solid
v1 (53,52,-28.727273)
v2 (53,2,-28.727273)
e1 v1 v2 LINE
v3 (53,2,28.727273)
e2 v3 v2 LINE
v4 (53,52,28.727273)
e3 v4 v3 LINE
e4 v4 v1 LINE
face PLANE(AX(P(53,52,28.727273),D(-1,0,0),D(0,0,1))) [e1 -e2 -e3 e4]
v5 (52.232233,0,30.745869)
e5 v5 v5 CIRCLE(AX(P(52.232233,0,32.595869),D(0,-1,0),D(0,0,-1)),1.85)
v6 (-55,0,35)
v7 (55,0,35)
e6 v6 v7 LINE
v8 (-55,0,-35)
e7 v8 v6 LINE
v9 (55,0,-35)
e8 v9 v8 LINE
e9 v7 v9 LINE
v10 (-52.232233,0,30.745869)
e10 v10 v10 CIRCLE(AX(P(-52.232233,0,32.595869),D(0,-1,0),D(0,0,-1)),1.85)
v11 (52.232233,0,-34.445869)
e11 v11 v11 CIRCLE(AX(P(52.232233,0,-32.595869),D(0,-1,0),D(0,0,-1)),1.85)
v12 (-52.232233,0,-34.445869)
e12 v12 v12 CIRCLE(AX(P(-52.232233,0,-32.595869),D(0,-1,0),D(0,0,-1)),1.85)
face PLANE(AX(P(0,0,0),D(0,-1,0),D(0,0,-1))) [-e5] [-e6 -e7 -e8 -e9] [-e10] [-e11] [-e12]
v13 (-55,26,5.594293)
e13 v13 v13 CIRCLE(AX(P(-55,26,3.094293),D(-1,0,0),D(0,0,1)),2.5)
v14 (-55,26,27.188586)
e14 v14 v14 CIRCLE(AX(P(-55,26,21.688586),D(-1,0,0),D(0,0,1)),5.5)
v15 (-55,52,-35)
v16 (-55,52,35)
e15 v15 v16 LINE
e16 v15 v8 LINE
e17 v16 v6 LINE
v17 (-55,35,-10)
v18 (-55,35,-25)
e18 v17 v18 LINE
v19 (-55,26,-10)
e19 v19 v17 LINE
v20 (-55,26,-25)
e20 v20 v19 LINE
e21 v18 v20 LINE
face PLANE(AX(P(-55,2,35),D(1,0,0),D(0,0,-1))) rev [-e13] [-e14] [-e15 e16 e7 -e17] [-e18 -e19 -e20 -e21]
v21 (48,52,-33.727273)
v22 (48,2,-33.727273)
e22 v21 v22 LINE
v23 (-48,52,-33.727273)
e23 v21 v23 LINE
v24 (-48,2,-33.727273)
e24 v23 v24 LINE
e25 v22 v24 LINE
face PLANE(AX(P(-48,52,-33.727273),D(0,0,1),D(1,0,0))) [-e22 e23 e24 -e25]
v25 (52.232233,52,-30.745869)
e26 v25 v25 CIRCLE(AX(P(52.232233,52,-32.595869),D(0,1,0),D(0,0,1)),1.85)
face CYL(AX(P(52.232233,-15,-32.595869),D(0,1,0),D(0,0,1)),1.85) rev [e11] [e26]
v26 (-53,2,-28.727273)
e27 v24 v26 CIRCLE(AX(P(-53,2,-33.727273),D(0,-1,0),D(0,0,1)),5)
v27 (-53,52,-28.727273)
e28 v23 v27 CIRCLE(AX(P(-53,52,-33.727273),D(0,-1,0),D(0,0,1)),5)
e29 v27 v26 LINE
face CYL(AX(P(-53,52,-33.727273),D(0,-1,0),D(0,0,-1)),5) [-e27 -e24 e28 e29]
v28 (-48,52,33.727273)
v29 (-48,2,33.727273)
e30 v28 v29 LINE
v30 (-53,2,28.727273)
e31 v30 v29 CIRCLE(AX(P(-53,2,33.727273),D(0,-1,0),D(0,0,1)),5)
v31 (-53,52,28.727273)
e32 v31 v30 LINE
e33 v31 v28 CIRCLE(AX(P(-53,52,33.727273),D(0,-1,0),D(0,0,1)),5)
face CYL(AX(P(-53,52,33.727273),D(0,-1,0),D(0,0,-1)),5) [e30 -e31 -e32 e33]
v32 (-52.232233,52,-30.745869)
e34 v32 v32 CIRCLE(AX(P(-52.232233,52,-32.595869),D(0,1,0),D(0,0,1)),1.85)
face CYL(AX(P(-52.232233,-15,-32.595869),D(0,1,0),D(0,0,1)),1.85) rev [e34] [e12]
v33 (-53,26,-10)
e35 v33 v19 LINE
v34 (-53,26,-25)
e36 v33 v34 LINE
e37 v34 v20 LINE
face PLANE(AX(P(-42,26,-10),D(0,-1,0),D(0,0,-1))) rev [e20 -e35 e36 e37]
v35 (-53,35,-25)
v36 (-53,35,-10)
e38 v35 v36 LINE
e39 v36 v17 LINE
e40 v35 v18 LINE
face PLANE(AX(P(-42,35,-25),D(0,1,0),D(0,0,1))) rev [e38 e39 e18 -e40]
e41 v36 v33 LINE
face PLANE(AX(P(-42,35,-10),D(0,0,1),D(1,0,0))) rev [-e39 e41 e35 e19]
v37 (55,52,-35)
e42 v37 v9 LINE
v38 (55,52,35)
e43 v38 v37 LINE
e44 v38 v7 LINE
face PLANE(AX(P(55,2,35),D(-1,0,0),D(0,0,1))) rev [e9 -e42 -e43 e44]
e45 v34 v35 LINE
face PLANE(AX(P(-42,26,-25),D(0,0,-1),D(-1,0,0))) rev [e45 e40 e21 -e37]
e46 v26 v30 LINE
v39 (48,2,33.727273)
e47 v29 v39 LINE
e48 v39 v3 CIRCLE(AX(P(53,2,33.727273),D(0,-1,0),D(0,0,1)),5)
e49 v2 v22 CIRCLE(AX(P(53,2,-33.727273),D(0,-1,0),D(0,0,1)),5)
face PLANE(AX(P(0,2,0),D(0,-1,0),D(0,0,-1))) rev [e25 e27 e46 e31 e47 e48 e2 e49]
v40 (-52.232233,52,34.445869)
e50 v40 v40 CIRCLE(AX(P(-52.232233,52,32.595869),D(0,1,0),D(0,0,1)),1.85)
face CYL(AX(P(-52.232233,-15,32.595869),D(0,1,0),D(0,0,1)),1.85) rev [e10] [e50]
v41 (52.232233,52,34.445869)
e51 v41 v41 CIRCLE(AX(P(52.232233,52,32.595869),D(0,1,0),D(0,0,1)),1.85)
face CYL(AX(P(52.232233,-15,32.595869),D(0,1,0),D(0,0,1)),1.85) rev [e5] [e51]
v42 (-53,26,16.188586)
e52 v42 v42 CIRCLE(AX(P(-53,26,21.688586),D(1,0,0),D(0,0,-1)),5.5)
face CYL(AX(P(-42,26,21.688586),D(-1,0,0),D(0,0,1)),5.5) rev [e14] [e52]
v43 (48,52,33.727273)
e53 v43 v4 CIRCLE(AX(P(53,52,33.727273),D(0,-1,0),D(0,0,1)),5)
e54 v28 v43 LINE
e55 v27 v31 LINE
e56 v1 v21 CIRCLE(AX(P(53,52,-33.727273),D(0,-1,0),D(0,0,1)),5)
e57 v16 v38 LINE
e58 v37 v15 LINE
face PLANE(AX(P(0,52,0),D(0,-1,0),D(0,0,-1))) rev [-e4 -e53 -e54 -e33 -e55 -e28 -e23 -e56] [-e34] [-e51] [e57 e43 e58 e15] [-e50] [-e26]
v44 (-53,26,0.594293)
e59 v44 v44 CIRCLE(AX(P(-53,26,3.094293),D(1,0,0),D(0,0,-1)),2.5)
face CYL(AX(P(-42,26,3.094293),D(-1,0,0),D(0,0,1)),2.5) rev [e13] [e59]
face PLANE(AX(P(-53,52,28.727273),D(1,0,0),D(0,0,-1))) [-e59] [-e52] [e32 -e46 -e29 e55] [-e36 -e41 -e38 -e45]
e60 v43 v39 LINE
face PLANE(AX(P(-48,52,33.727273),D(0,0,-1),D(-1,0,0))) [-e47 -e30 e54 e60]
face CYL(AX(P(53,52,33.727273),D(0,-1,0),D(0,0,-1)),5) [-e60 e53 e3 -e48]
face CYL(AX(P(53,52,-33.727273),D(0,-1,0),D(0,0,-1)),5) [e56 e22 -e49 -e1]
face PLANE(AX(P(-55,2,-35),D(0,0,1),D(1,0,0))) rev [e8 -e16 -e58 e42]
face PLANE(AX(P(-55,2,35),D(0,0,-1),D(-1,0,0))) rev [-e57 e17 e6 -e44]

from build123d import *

# Parameters (mm, degrees)
IZIM1_W                     = 110
IZIM1_H                     = 70
Y_KSEKLIK_EKSTR_ZYON1_DEPTH = 2
IZIM2_W                     = 110
IZIM2_H                     = 70
Y_KSEKLIK_EKSTR_ZYON2_DEPTH = 50
IZIM3_R                     = 5.5
KES_EKSTR_ZYON1_DEPTH       = 13
IZIM4_R                     = 2.5
IZIM4_W                     = 15
IZIM4_H                     = 9
KES_EKSTR_ZYON2_DEPTH       = 13
IZIM5_R                     = 1.85
KES_EKSTR_ZYON3_DEPTH       = 67


with BuildPart() as part:
    # Çizim1 → Yükseklik-Ekstrüzyon1 (new body)
    with BuildSketch(Plane(origin=(0, 0, 0), x_dir=(1, 0, 0), z_dir=(0, 1, 0))):
        Rectangle(IZIM1_W, IZIM1_H)
    extrude(amount=Y_KSEKLIK_EKSTR_ZYON1_DEPTH)

    # Çizim2 → Yükseklik-Ekstrüzyon2 (add)
    with BuildSketch(Plane(origin=(0, 2, 0), x_dir=(1, 0, 0), z_dir=(0, 1, 0))):
        Rectangle(IZIM2_W, IZIM2_H)
        with BuildLine():
            Line((-48, -33.727272727), (48, -33.727272727))
            ThreePointArc((48, -33.727272727), (49.464466094, -30.191738821), (53, -28.727272727))
            Line((53, -28.727272727), (53, 28.727272727))
            ThreePointArc((53, 28.727272727), (49.464466094, 30.191738821), (48, 33.727272727))
            Line((48, 33.727272727), (-48, 33.727272727))
            ThreePointArc((-48, 33.727272727), (-49.464466094, 30.191738821), (-53, 28.727272727))
            Line((-53, 28.727272727), (-53, -28.727272727))
            ThreePointArc((-53, -28.727272727), (-49.464466094, -30.191738821), (-48, -33.727272727))
        make_face(mode=Mode.SUBTRACT)
    extrude(amount=Y_KSEKLIK_EKSTR_ZYON2_DEPTH)

    # Çizim3 → Kes-Ekstrüzyon1 (cut)
    with BuildSketch(Plane.ZY.offset(55)):
        with Locations((21.688585695, 26)):
            Circle(IZIM3_R)
    extrude(amount=-KES_EKSTR_ZYON1_DEPTH, mode=Mode.SUBTRACT)

    # Çizim4 → Kes-Ekstrüzyon2 (cut)
    with BuildSketch(Plane.ZY.offset(55)):
        with Locations((3.094292848, 26)):
            Circle(IZIM4_R)
        with Locations((-17.5, 30.5)):
            Rectangle(IZIM4_W, IZIM4_H)
    extrude(amount=-KES_EKSTR_ZYON2_DEPTH, mode=Mode.SUBTRACT)

    # Çizim5 → Kes-Ekstrüzyon3 (cut)
    with BuildSketch(Plane(origin=(0, 52, 0), x_dir=(1, 0, 0), z_dir=(0, 1, 0))):
        with Locations(Location((-52.232233047, 32.595869411, 0), (0, 0, 270))):
            Circle(IZIM5_R)
        with Locations(Location((52.232233047, 32.595869411, 0), (0, 0, 270))):
            Circle(IZIM5_R)
        with Locations(Location((52.232233047, -32.595869411, 0), (0, 0, 270))):
            Circle(IZIM5_R)
        with Locations(Location((-52.232233047, -32.595869411, 0), (0, 0, 270))):
            Circle(IZIM5_R)
    extrude(amount=-KES_EKSTR_ZYON3_DEPTH, mode=Mode.SUBTRACT)


solid = part.part
